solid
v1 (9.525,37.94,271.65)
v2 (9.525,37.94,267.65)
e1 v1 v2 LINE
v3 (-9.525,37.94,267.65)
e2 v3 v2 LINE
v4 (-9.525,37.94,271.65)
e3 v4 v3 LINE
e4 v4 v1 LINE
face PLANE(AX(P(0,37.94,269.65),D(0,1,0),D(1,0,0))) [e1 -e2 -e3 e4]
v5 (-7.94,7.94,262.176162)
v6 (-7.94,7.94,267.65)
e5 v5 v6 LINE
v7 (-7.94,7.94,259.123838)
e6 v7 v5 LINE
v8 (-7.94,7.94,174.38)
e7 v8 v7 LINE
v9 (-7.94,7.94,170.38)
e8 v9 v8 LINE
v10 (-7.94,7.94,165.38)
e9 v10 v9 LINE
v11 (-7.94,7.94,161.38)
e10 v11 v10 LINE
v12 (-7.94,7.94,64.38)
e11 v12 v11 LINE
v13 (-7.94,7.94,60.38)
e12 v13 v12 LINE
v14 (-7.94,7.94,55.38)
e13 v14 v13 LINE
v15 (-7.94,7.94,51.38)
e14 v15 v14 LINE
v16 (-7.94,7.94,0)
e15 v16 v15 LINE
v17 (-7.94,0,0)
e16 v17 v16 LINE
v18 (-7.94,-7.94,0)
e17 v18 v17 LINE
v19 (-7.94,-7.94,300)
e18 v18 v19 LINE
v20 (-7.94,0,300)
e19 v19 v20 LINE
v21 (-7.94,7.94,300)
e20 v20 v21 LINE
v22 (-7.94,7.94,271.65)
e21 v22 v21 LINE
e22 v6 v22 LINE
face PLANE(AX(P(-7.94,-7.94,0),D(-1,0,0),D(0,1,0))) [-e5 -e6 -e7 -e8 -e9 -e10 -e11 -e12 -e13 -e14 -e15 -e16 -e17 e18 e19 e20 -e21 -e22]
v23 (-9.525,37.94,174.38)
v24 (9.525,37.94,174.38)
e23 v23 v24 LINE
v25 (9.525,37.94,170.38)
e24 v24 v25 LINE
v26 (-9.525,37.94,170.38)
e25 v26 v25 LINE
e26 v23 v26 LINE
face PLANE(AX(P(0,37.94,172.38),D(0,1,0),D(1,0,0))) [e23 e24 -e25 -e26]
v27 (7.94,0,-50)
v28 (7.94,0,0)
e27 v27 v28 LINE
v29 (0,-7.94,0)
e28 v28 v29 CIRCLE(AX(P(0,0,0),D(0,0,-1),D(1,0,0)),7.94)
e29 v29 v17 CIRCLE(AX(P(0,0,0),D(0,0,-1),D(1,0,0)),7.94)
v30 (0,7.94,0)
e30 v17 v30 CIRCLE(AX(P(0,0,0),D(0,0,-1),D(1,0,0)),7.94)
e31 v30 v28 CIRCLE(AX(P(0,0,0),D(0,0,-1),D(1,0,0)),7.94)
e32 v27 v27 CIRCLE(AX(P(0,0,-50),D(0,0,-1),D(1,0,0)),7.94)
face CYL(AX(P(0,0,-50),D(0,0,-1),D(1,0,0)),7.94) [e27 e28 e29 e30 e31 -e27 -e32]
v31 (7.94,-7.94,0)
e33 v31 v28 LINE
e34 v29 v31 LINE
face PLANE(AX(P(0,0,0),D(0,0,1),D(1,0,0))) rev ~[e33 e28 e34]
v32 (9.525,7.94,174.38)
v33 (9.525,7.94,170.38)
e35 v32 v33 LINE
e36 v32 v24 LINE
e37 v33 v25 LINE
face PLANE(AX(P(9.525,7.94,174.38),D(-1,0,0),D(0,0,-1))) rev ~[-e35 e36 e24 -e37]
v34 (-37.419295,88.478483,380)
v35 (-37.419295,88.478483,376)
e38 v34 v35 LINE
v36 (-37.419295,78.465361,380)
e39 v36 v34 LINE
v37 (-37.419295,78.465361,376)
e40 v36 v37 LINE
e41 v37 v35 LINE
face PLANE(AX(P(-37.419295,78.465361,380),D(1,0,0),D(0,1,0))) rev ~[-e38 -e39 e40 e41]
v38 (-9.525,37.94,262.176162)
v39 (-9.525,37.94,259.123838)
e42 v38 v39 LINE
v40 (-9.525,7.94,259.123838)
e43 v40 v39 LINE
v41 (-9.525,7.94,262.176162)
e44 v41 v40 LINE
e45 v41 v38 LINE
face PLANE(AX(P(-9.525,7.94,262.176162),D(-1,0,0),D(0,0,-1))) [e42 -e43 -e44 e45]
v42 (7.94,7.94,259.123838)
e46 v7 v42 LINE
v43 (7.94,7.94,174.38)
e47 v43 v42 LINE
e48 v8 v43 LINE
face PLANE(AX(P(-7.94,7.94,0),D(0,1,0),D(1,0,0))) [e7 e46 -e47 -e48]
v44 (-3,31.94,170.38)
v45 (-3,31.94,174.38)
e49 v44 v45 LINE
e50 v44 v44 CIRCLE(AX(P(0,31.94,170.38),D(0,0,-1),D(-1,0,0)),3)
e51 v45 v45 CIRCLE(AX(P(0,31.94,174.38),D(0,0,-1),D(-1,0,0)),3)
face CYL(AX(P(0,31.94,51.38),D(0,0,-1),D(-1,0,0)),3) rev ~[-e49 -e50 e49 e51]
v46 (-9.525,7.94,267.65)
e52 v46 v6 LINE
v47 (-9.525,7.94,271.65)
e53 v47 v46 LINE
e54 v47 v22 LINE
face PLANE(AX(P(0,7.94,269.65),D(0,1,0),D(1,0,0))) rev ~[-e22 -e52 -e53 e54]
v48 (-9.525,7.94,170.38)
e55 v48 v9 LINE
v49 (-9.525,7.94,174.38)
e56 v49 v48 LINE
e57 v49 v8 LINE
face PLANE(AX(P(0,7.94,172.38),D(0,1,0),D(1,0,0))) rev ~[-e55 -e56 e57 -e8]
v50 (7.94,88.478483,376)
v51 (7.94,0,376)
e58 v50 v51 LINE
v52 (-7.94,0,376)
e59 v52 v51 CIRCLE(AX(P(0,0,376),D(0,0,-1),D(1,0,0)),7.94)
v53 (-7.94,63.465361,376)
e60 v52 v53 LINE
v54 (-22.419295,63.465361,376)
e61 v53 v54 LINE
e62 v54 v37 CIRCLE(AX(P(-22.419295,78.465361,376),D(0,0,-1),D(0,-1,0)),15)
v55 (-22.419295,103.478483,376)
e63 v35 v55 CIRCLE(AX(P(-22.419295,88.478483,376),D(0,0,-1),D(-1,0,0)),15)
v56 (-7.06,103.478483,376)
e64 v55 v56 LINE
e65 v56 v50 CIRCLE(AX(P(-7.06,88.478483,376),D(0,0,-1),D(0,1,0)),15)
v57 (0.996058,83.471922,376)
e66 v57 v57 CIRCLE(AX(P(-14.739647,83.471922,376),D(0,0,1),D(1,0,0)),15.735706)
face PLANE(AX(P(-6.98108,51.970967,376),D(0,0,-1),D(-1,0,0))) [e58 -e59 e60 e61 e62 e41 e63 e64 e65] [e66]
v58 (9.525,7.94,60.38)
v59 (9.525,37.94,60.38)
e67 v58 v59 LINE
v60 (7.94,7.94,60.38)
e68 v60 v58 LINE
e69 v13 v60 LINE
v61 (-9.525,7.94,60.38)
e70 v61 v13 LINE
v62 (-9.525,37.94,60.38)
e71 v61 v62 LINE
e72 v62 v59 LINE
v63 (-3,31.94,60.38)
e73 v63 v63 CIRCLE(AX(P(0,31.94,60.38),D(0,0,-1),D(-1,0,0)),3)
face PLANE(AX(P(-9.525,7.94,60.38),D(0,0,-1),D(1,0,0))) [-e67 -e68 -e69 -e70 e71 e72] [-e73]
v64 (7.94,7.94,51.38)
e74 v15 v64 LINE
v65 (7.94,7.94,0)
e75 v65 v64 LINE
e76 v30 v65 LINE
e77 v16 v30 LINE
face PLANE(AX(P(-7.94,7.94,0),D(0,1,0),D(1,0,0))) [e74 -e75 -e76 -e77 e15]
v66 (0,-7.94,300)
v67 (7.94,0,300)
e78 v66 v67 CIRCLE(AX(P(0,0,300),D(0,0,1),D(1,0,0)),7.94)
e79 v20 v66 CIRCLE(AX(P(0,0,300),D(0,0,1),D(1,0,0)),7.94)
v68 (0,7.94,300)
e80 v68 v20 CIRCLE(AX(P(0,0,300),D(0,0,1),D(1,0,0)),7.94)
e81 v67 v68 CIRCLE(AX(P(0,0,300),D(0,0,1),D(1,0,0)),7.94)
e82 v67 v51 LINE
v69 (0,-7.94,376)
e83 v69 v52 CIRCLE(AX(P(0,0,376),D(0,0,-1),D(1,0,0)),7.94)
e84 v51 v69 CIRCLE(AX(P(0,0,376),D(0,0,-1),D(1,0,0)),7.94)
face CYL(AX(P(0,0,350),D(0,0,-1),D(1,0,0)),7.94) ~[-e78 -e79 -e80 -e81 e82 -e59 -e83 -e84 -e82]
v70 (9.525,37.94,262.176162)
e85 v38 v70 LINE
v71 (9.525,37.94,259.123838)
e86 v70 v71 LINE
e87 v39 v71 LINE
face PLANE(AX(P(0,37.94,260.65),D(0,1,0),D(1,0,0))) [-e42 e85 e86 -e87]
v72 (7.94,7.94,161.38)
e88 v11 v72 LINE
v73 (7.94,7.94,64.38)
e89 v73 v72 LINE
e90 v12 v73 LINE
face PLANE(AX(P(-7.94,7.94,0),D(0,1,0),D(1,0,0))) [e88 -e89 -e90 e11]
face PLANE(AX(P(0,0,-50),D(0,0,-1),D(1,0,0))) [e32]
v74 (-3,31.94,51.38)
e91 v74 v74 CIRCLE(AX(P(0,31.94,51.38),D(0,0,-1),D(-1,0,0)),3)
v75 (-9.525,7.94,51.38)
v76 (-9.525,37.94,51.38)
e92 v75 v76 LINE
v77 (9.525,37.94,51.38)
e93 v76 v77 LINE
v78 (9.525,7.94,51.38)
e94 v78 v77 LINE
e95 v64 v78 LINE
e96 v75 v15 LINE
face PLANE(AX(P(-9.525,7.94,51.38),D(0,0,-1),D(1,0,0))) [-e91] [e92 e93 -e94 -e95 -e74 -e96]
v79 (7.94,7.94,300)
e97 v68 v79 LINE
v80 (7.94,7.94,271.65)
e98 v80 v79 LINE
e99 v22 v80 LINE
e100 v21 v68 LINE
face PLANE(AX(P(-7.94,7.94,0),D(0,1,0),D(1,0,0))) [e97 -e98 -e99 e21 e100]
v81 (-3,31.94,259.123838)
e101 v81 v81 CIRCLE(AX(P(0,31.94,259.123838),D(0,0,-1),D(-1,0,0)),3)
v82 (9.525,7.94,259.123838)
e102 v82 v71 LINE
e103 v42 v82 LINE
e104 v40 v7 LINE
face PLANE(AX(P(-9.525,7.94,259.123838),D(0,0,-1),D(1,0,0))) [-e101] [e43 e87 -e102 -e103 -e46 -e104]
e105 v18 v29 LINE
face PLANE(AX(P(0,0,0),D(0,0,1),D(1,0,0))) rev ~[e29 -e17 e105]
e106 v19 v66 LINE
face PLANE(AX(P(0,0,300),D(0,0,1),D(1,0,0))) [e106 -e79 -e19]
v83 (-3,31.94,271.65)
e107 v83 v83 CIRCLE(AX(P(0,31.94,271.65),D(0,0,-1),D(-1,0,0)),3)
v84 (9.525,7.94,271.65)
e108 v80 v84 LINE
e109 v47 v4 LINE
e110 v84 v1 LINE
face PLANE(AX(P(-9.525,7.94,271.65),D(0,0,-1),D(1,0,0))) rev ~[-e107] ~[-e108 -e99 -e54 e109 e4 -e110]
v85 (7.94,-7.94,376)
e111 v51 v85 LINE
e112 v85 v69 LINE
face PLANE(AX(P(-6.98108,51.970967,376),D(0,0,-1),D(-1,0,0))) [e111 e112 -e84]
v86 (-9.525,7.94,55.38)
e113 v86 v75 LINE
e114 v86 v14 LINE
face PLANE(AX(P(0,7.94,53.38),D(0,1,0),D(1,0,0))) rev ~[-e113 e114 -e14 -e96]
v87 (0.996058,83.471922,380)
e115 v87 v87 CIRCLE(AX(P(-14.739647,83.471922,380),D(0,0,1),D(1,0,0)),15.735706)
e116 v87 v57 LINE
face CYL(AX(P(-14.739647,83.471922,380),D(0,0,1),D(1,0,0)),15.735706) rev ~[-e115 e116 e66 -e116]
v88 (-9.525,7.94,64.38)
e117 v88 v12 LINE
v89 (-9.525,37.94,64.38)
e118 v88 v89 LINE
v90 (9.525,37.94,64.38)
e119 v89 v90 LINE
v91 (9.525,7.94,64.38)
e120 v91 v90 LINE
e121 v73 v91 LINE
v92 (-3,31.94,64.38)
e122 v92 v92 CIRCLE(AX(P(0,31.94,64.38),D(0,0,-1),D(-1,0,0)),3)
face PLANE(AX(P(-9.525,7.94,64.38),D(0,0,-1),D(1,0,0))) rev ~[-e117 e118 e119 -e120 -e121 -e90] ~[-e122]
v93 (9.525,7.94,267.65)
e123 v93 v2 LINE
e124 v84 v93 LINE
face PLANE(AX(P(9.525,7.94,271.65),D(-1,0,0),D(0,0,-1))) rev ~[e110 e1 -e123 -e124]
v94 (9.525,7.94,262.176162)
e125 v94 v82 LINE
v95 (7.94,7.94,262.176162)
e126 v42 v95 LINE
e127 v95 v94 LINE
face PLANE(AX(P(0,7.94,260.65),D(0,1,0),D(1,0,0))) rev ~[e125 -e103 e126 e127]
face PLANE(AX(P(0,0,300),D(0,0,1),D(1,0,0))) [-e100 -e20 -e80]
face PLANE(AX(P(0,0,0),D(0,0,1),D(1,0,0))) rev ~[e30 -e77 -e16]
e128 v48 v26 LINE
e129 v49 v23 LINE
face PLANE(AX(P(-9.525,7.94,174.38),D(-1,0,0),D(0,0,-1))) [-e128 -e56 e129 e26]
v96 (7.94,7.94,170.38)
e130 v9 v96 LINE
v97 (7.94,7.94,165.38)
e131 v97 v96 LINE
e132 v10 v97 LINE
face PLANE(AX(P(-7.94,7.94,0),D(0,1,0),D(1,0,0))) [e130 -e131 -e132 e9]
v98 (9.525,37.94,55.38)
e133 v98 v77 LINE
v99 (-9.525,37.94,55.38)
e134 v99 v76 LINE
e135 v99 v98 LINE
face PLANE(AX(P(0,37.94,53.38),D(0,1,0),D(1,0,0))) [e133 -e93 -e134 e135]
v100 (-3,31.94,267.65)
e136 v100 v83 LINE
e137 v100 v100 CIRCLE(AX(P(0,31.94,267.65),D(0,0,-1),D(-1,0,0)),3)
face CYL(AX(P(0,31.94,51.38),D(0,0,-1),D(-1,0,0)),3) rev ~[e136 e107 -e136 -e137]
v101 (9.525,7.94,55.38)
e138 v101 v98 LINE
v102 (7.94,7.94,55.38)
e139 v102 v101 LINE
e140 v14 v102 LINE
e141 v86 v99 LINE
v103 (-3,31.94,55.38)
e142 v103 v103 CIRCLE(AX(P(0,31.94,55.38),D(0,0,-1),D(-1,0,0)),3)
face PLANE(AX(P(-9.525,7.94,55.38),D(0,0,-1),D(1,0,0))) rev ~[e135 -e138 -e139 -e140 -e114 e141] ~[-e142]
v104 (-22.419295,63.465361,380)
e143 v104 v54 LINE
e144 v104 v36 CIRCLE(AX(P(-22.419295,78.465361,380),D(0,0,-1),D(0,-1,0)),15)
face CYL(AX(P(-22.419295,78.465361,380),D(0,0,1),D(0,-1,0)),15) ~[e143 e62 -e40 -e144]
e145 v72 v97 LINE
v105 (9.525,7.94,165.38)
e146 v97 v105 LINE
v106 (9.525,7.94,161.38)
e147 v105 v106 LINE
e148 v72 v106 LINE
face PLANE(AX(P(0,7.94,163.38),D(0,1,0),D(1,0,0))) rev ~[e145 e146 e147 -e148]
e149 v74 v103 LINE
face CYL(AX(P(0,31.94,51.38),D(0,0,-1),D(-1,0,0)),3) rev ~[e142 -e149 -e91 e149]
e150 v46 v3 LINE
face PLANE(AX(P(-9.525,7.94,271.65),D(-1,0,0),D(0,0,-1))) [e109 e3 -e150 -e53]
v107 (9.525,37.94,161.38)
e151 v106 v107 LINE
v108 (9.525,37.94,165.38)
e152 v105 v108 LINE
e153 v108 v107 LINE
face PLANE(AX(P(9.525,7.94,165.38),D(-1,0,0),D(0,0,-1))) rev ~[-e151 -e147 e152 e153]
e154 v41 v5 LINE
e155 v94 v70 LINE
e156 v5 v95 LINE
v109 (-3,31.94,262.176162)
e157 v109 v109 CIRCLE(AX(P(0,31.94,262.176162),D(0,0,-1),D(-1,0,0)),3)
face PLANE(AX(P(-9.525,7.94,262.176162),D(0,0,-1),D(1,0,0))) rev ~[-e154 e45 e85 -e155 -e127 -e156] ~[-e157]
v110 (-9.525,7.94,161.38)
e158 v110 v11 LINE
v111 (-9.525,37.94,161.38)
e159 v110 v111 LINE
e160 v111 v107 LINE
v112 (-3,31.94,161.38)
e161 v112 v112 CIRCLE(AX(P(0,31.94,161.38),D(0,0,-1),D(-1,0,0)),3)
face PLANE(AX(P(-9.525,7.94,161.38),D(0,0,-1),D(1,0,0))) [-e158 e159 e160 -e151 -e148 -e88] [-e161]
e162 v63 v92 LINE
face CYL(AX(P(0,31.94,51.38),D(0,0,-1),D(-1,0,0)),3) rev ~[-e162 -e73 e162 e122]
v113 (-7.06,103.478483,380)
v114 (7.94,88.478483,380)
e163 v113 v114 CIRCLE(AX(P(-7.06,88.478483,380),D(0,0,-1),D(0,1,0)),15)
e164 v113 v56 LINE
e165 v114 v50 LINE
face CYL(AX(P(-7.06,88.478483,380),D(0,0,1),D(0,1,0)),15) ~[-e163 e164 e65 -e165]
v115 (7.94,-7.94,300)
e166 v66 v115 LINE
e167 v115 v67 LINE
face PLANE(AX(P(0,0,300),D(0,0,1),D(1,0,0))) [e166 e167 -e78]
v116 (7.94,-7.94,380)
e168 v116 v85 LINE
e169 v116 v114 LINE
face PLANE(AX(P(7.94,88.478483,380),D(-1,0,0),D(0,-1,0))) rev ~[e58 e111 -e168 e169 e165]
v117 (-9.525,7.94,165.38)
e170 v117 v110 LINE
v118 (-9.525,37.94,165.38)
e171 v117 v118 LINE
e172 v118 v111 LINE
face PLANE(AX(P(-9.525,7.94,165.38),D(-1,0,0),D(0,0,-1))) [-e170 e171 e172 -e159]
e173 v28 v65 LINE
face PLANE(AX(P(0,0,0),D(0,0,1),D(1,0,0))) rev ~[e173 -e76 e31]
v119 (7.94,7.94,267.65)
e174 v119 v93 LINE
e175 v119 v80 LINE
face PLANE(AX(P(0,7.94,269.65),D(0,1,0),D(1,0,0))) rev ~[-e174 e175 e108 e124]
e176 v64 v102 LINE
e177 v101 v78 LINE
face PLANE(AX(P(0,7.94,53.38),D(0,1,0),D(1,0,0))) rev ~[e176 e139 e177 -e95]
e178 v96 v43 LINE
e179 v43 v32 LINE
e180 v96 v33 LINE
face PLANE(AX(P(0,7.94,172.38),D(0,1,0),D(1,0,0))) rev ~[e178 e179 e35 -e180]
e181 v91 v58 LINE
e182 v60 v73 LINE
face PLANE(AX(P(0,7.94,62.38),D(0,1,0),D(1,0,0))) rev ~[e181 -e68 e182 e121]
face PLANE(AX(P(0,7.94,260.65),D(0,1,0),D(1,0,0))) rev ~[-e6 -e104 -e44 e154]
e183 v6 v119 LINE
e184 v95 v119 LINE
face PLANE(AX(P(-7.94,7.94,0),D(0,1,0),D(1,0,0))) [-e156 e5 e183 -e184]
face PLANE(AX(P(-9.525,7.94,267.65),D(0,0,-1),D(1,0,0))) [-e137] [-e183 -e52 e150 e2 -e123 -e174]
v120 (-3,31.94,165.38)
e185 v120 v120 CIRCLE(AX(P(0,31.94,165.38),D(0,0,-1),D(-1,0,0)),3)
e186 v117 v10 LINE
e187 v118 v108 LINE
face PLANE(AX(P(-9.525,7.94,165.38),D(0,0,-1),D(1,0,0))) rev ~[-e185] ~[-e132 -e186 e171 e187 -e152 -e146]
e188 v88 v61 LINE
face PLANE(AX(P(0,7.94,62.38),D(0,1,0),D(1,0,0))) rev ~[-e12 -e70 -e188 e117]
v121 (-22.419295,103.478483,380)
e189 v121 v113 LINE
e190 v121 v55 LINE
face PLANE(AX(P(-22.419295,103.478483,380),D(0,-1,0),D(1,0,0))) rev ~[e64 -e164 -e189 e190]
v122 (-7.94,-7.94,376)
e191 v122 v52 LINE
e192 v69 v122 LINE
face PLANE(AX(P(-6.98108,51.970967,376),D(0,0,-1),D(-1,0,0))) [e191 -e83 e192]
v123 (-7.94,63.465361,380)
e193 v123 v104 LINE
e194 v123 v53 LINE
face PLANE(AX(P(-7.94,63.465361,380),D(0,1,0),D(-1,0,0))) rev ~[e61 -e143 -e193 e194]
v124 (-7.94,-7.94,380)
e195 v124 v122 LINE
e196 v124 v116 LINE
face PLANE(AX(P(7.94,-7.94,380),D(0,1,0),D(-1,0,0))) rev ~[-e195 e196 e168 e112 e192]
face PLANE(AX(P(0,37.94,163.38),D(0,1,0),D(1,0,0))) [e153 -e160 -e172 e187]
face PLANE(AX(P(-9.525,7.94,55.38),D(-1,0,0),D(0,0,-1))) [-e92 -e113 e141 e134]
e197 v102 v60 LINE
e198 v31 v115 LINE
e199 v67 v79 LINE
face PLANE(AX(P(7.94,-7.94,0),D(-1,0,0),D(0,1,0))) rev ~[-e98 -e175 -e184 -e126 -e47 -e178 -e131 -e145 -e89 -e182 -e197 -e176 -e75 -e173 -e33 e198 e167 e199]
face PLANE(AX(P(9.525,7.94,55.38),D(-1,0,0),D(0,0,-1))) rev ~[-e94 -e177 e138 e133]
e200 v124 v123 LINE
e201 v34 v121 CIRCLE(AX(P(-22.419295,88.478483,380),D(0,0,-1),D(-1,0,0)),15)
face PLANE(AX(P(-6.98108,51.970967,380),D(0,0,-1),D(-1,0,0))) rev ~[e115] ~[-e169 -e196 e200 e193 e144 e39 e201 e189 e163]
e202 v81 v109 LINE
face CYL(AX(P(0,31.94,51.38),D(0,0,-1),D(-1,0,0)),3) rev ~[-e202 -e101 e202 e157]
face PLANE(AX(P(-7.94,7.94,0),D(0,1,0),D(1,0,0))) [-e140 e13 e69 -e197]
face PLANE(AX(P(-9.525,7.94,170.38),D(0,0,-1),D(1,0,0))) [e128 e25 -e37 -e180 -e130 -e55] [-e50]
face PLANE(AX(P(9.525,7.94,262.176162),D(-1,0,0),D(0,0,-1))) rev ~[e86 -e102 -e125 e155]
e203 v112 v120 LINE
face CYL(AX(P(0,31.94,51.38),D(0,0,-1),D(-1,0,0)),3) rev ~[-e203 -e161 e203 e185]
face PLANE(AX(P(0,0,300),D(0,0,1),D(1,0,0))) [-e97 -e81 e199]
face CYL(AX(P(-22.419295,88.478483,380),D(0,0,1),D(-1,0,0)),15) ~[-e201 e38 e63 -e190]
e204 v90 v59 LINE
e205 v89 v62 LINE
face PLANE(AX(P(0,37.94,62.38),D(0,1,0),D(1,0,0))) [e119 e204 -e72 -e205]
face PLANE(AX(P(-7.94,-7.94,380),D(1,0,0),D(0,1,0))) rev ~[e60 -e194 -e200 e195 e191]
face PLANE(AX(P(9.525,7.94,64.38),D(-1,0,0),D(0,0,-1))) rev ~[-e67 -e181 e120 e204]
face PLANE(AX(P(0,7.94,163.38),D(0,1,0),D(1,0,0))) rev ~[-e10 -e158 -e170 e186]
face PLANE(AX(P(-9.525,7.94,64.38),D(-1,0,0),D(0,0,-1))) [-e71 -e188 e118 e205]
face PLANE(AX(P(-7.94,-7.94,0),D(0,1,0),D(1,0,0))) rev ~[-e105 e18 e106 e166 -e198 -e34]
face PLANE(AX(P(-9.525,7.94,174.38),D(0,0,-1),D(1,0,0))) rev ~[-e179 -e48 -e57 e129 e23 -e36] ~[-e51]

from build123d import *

# Parameters (mm, degrees)
CROQUIS2_W              = 15.88
CROQUIS2_H              = 15.88
SALIENTE_EXTRUIR1_DEPTH = 300
CROQUIS3_R              = 7.94
SALIENTE_EXTRUIR2_DEPTH = 50
SALIENTE_EXTRUIR3_START = 50
CROQUIS5_R              = 7.94
SALIENTE_EXTRUIR3_DEPTH = 50
CROQUIS6_W              = 19.05
CROQUIS6_H              = 4
CROQUIS6_H_2            = 3.052323646
SALIENTE_EXTRUIR4_DEPTH = 30
CORTAR_EXTRUIR1_REACH   = 303.171
CROQUIS7_R              = 3
CROQUIS8_R              = 7.94
SALIENTE_EXTRUIR5_DEPTH = 30
CROQUIS9_R              = 15.735705631
SALIENTE_EXTRUIR6_DEPTH = 4


with BuildPart() as part:
    # Croquis2 → Saliente-Extruir1 (new body)
    with BuildSketch(Plane.XY):
        Rectangle(CROQUIS2_W, CROQUIS2_H)
    extrude(amount=SALIENTE_EXTRUIR1_DEPTH)

    # Croquis3 → Saliente-Extruir2 (add)
    with BuildSketch(Plane.XY.offset(300)):
        Circle(CROQUIS3_R)
    extrude(amount=SALIENTE_EXTRUIR2_DEPTH)

    # Croquis5 → Saliente-Extruir3 (add)
    with BuildSketch(Plane(origin=(0, 0, 0), x_dir=(-1, 0, 0), z_dir=(0, 0, -1)).offset(SALIENTE_EXTRUIR3_START)):
        with Locations(Location((0, 0, 0), (0, 0, 180))):
            Circle(CROQUIS5_R)
    extrude(amount=-SALIENTE_EXTRUIR3_DEPTH)

    # Croquis6 → Saliente-Extruir4 (add)
    with BuildSketch(Plane(origin=(0, 7.94, 0), x_dir=(1, 0, 0), z_dir=(0, 1, 0))):
        with Locations((0, -269.65)):
            Rectangle(CROQUIS6_W, CROQUIS6_H)
        with Locations((0, -260.65)):
            Rectangle(CROQUIS6_W, CROQUIS6_H_2)
        with Locations((0, -172.38)):
            Rectangle(CROQUIS6_W, CROQUIS6_H)
        with Locations((0, -163.38)):
            Rectangle(CROQUIS6_W, CROQUIS6_H)
        with Locations((0, -62.38)):
            Rectangle(CROQUIS6_W, CROQUIS6_H)
        with Locations((0, -53.38)):
            Rectangle(CROQUIS6_W, CROQUIS6_H)
    extrude(amount=SALIENTE_EXTRUIR4_DEPTH)

    # Cortar-Extruir1: up to this face of the body (flat: up to its plane)
    cortar_extruir1_end = Plane(part.part.faces().sort_by_distance((0, 22.94, 271.65))[0])
    # Croquis7 → Cortar-Extruir1 (cut, up to the picked face)
    with BuildSketch(Plane(origin=(0, 0, 51.38), x_dir=(-1, 0, 0), z_dir=(0, 0, -1)), mode=Mode.PRIVATE) as cortar_extruir1_sk1:
        with Locations((0, 31.94)):
            Circle(CROQUIS7_R)
    cortar_extruir1_tool1 = split(extrude(cortar_extruir1_sk1.sketch, amount=-CORTAR_EXTRUIR1_REACH, mode=Mode.PRIVATE), bisect_by=cortar_extruir1_end, keep=Keep.BOTH, mode=Mode.PRIVATE)
    add(cortar_extruir1_tool1.solids().sort_by(Axis((0, 31.94, 51.38), (0, 0, 1)))[0], mode=Mode.SUBTRACT)

    # Croquis8 → Saliente-Extruir5 (add)
    with BuildSketch(Plane.XY.offset(350)):
        Circle(CROQUIS8_R)
    extrude(amount=SALIENTE_EXTRUIR5_DEPTH)

    # Croquis9 → Saliente-Extruir6 (add)
    with BuildSketch(Plane.XY.offset(380)):
        with BuildLine():
            Line((-7.94, 7.94), (-7.94, 27.049213062))
            Line((-7.94, 27.049213062), (-7.94, 63.465360978))
            Line((-7.94, 63.465360978), (-22.419294846, 63.465360978))
            ThreePointArc((-22.419294846, 63.465360978), (-33.025896564, 67.85875926), (-37.419294846, 78.465360978))
            Line((-37.419294846, 78.465360978), (-37.419294846, 88.478483412))
            ThreePointArc((-37.419294846, 88.478483412), (-33.025896564, 99.085085129), (-22.419294846, 103.478483412))
            Line((-22.419294846, 103.478483412), (-7.06, 103.478483412))
            ThreePointArc((-7.06, 103.478483412), (3.546601718, 99.085085129), (7.94, 88.478483412))
            Line((7.94, 88.478483412), (7.94, 63.465360978))
            Line((7.94, 63.465360978), (7.94, 7.94))
            Line((7.94, 7.94), (7.94, -7.94))
            Line((7.94, -7.94), (-7.94, -7.94))
            Line((-7.94, -7.94), (-7.94, 7.94))
        make_face()
        with Locations((-14.739647423, 83.471922195)):
            Circle(CROQUIS9_R, mode=Mode.SUBTRACT)
    extrude(amount=-SALIENTE_EXTRUIR6_DEPTH)


solid = part.part
